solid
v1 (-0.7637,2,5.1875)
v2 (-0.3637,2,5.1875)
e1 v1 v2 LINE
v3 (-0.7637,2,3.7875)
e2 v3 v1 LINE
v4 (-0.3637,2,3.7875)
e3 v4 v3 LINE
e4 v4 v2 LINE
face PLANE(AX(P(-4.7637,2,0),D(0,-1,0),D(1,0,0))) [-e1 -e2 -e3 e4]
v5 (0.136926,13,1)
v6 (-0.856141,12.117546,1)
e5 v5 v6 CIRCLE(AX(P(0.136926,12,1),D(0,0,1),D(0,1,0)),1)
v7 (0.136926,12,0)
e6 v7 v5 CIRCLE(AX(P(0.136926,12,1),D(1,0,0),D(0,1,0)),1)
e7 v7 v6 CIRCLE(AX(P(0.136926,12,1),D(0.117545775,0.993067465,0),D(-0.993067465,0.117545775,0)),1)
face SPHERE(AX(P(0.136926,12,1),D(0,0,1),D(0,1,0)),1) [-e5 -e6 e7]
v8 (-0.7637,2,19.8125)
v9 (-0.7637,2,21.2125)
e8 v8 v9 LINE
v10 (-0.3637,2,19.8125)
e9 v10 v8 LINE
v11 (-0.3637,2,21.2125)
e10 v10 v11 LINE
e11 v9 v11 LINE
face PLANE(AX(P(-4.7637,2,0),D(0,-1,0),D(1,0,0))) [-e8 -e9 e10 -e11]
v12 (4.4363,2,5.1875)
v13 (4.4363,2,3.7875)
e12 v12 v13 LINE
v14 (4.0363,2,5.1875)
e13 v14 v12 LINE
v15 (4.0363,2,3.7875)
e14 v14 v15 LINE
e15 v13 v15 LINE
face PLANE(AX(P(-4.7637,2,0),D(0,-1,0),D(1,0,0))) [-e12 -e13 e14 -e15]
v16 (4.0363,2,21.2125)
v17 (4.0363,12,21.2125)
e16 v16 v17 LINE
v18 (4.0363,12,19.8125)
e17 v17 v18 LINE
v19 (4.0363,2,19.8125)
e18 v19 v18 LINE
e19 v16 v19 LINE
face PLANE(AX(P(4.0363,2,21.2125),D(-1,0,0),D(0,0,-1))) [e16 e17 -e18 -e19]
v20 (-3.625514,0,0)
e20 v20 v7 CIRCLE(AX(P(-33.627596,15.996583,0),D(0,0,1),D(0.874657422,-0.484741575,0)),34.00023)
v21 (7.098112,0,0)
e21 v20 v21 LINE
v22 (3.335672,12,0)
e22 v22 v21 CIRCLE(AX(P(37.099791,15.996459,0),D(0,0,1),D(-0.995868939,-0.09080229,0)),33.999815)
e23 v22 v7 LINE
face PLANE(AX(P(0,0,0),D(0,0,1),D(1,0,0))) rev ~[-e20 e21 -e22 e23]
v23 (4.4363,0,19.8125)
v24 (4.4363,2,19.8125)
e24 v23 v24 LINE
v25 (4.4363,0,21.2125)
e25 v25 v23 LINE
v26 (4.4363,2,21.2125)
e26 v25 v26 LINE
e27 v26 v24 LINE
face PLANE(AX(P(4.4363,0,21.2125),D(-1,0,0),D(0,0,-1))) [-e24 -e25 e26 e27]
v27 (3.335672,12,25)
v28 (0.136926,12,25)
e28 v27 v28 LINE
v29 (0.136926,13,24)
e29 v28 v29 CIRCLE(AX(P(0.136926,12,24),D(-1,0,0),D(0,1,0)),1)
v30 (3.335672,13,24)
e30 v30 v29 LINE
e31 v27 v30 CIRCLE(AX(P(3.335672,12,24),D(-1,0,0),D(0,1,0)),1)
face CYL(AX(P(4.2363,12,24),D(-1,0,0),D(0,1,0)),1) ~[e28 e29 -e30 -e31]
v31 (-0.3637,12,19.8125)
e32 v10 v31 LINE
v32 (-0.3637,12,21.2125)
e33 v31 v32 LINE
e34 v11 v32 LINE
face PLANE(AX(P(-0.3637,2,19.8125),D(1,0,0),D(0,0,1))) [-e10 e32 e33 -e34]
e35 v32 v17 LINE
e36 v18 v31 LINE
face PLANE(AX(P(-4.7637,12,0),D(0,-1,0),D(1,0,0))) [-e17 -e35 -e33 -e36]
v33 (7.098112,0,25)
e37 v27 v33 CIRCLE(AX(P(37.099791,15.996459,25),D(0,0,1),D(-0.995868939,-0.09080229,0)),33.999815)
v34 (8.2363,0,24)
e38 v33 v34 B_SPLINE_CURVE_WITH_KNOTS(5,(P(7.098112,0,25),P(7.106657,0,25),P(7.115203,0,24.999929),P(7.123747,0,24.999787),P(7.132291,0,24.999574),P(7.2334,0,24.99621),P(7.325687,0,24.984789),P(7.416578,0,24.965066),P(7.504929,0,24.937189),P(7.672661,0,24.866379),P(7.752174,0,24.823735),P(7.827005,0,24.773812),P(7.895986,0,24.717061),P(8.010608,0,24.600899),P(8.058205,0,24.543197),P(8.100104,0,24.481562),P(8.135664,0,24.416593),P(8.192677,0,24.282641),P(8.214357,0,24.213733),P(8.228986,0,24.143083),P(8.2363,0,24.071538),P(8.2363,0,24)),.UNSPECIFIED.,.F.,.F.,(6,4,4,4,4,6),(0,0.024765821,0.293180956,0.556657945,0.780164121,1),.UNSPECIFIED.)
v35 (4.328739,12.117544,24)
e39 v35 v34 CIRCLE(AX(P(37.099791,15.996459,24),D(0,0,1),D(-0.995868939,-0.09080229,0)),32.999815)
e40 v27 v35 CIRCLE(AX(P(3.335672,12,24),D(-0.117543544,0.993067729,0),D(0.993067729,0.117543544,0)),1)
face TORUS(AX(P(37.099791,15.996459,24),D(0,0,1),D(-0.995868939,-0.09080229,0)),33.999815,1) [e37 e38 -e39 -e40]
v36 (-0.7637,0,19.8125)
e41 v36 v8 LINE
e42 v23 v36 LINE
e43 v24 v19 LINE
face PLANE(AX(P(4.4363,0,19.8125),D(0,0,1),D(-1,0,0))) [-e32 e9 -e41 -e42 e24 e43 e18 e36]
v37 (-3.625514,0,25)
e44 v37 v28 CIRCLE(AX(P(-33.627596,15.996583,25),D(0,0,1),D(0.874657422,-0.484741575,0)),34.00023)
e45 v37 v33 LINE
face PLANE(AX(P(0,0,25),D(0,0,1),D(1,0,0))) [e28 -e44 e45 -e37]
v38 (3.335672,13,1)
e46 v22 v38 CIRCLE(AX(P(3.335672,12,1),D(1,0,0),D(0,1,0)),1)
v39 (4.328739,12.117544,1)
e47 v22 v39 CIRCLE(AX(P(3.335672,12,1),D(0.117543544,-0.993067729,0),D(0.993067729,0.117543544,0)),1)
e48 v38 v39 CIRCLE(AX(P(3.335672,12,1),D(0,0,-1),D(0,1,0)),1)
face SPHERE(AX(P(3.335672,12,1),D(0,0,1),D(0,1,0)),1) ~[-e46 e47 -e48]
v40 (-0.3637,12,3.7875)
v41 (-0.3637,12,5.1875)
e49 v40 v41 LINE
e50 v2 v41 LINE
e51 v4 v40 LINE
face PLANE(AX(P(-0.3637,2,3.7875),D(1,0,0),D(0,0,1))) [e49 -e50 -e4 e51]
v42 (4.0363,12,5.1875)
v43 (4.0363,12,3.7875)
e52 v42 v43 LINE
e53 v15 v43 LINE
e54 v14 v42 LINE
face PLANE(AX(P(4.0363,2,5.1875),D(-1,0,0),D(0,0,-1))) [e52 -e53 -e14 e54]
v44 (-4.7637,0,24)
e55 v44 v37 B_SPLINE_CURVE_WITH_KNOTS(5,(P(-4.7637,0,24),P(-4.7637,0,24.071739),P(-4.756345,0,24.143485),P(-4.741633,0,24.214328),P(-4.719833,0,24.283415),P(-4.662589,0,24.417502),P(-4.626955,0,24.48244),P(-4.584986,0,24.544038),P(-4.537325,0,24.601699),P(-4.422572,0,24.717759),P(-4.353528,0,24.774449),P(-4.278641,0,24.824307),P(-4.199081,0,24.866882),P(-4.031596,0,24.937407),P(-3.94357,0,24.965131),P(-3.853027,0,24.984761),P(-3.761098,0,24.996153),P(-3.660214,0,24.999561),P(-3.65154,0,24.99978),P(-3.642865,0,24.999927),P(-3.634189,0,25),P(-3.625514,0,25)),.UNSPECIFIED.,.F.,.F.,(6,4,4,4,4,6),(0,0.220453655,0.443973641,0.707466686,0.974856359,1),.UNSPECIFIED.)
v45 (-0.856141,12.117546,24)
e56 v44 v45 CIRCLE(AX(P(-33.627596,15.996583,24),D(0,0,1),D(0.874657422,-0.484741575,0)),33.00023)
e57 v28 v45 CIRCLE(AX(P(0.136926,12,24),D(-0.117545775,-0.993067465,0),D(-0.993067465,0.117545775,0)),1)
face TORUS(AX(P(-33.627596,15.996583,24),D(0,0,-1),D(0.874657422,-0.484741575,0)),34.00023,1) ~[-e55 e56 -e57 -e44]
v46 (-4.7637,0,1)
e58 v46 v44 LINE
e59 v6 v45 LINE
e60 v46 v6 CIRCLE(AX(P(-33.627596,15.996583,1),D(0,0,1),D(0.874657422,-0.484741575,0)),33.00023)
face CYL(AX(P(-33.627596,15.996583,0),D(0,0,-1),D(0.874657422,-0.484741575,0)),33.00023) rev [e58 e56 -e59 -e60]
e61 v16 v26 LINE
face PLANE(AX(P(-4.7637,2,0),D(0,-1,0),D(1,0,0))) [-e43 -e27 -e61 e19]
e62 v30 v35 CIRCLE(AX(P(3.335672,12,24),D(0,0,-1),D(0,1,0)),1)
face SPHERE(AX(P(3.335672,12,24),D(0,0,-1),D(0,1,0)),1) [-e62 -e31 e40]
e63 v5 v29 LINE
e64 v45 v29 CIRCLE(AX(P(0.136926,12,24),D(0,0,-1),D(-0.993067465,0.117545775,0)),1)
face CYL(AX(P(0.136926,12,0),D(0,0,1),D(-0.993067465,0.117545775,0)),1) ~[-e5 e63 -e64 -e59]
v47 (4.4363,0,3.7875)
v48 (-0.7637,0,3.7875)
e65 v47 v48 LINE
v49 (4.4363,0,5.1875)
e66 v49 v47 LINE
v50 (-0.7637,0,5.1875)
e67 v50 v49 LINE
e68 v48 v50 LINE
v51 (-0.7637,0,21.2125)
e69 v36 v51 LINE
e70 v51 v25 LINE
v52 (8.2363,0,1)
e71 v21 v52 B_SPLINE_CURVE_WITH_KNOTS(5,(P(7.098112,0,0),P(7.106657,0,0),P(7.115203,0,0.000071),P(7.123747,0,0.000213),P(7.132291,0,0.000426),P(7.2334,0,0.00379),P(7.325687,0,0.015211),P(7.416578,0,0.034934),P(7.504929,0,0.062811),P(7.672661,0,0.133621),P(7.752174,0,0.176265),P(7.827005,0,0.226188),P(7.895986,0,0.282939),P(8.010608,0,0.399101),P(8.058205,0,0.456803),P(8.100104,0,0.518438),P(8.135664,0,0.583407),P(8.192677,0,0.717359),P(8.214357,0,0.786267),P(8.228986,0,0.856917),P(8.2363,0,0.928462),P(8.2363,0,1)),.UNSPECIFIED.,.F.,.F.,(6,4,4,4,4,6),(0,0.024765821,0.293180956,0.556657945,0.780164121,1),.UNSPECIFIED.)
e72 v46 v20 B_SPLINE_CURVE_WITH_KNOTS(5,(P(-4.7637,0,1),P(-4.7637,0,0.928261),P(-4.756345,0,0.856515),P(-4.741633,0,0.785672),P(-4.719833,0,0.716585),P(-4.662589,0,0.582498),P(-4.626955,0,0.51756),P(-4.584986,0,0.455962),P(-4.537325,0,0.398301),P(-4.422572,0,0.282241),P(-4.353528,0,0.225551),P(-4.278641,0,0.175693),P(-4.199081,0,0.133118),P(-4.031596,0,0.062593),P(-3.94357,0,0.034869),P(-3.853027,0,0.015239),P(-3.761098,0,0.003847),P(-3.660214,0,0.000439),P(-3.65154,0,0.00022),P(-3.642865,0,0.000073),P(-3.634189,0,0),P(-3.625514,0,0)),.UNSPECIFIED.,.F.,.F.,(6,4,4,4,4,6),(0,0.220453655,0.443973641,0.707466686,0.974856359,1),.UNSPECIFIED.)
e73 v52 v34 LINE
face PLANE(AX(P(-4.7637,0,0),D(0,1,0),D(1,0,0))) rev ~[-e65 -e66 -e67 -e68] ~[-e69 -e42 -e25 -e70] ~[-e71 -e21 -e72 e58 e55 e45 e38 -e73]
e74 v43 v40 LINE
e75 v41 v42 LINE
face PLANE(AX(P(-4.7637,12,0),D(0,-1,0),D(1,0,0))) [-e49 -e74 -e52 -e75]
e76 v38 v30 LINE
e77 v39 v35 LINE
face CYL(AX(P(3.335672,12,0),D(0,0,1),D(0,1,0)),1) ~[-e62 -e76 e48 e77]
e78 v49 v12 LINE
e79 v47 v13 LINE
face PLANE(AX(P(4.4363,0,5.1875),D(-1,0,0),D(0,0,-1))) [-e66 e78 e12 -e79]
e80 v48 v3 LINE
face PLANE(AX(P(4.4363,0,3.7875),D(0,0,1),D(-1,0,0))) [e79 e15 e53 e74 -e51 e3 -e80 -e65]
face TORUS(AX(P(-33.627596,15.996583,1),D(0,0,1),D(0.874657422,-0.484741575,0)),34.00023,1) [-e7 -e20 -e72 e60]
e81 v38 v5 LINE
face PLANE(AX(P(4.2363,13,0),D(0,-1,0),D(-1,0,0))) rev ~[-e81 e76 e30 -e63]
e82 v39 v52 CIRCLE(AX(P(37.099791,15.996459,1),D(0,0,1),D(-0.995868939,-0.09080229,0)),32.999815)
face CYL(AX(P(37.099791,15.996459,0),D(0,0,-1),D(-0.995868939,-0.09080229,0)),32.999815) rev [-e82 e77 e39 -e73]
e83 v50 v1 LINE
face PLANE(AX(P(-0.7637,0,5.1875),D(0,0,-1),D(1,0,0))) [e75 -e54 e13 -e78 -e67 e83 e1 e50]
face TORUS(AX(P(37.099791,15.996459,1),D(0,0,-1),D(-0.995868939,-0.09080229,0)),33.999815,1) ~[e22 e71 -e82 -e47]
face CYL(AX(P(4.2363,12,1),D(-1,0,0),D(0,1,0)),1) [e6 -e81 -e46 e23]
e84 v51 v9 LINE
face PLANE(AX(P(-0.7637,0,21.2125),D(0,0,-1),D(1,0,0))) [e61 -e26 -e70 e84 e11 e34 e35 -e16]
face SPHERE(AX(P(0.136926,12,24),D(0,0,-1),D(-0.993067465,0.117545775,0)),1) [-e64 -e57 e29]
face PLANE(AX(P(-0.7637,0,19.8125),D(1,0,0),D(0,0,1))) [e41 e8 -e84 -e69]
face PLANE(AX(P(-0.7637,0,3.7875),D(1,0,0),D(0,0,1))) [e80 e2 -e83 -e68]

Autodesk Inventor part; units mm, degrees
ref_plane "YZ Plane" through (0, 0, 0) normal (1, 0, 0) x (0, 1, 0)
ref_plane "XZ Plane" through (0, 0, 0) normal (0, 1, 0) x (-1, 0, 0)
ref_plane "XY Plane" through (0, 0, 0) normal (0, 0, 1) x (1, 0, 0)
sketch "Sketch1" plane through (0, 0, 0) normal (0, 0, 1) x (1, 0, 0)
  line L0 (-4.7637, 0) -> (8.2363, 0)
  line L1 (8.2363, 0) -> (8.2363, 13)
  line L2 (8.2363, 13) -> (-4.7637, 13)
  line L3 (-4.7637, 13) -> (-4.7637, 0)
  arc A0 (-4.7637, 0) -> (-0.7637, 13) centre (-33.6274, 15.9965) ccw
  arc A1 (4.2363, 13) -> (8.2363, 0) centre (37.1, 15.9965) ccw
  point P0 (0, 0)
  dimension "d0" = 13
  dimension "d1" = 13
  dimension "d2" = 4
  dimension "d3" = 4
  dimension "d4" = 33
  dimension "d5" = 33
extrude "Extrusion1" add sketch "Sketch1" along normal blind 25 contours A0 L2 A1 L0
sketch "Sketch2" plane through (-4.7637, 0, 0) normal (0, -1, 0) x (1, 0, 0)
  line L0 (4, 21.2125) -> (9.2, 21.2125)
  line L1 (9.2, 21.2125) -> (9.2, 19.8125)
  line L2 (9.2, 19.8125) -> (4, 19.8125)
  line L3 (4, 19.8125) -> (4, 21.2125)
  line L4 (4, 5.1875) -> (9.2, 5.1875)
  line L5 (9.2, 5.1875) -> (9.2, 3.7875)
  line L6 (9.2, 3.7875) -> (4, 3.7875)
  line L7 (4, 3.7875) -> (4, 5.1875)
  line L8 (0, 0) -> (0, 25) projected
  line L9 (0, 25) -> (13, 25) projected
  point P0 (4.7637, 0)
  dimension "d8" = 5.2
  dimension "d9" = 4
  dimension "d10" = 1.4
  dimension "d11" = 1.4
  dimension "d12" = 17.425
  dimension "d13" = 3.7875
extrude "Extrusion2" cut sketch "Sketch2" against normal blind 2
sketch "Sketch3" plane through (-4.7637, 2, 0) normal (0, -1, 0) x (1, 0, 0)
  line L0 (4.4, 21.2125) -> (8.8, 21.2125)
  line L1 (8.8, 21.2125) -> (8.8, 19.8125)
  line L2 (8.8, 19.8125) -> (4.4, 19.8125)
  line L3 (4.4, 19.8125) -> (4.4, 21.2125)
  line L4 (4, 19.8125) -> (4, 21.2125) projected
  line L5 (9.2, 21.2125) -> (9.2, 19.8125) projected
  line L6 (4, 21.2125) -> (9.2, 21.2125) projected
  line L7 (9.2, 19.8125) -> (4, 19.8125) projected
  line L8 (4, 5.1875) -> (9.2, 5.1875) projected
  line L9 (4, 3.7875) -> (4, 5.1875) projected
  line L10 (9.2, 3.7875) -> (4, 3.7875) projected
  line L11 (9.2, 5.1875) -> (9.2, 3.7875) projected
  line L12 (9.2, 3.7875) -> (4, 3.7875) projected
  line L13 (4.4, 5.1875) -> (8.8, 5.1875)
  line L14 (8.8, 5.1875) -> (8.8, 3.7875)
  line L15 (8.8, 3.7875) -> (4.4, 3.7875)
  line L16 (4.4, 3.7875) -> (4.4, 5.1875)
  point P0 (4.7637, 0)
  dimension "d16" = 0.4
  dimension "d17" = 0.4
  dimension "d18" = 0
  dimension "d19" = 0
extrude "Extrusion3" cut sketch "Sketch3" against normal blind 10 contours L0 L1 L2 L3 | L8 L14 L10 L16
fillet "Fillet1" radius 1 8 edges at (4.2363, 13, 12.5) (1.7363, 13, 25) (-0.7637, 13, 12.5) (1.7363, 13, 0) (5.5593, 6.2917, 25) (-2.0867, 6.2917, 25) (5.5593, 6.2917, 0) (-2.0867, 6.2917, 0)
properties part number "DoubleSliderCap-wide"
